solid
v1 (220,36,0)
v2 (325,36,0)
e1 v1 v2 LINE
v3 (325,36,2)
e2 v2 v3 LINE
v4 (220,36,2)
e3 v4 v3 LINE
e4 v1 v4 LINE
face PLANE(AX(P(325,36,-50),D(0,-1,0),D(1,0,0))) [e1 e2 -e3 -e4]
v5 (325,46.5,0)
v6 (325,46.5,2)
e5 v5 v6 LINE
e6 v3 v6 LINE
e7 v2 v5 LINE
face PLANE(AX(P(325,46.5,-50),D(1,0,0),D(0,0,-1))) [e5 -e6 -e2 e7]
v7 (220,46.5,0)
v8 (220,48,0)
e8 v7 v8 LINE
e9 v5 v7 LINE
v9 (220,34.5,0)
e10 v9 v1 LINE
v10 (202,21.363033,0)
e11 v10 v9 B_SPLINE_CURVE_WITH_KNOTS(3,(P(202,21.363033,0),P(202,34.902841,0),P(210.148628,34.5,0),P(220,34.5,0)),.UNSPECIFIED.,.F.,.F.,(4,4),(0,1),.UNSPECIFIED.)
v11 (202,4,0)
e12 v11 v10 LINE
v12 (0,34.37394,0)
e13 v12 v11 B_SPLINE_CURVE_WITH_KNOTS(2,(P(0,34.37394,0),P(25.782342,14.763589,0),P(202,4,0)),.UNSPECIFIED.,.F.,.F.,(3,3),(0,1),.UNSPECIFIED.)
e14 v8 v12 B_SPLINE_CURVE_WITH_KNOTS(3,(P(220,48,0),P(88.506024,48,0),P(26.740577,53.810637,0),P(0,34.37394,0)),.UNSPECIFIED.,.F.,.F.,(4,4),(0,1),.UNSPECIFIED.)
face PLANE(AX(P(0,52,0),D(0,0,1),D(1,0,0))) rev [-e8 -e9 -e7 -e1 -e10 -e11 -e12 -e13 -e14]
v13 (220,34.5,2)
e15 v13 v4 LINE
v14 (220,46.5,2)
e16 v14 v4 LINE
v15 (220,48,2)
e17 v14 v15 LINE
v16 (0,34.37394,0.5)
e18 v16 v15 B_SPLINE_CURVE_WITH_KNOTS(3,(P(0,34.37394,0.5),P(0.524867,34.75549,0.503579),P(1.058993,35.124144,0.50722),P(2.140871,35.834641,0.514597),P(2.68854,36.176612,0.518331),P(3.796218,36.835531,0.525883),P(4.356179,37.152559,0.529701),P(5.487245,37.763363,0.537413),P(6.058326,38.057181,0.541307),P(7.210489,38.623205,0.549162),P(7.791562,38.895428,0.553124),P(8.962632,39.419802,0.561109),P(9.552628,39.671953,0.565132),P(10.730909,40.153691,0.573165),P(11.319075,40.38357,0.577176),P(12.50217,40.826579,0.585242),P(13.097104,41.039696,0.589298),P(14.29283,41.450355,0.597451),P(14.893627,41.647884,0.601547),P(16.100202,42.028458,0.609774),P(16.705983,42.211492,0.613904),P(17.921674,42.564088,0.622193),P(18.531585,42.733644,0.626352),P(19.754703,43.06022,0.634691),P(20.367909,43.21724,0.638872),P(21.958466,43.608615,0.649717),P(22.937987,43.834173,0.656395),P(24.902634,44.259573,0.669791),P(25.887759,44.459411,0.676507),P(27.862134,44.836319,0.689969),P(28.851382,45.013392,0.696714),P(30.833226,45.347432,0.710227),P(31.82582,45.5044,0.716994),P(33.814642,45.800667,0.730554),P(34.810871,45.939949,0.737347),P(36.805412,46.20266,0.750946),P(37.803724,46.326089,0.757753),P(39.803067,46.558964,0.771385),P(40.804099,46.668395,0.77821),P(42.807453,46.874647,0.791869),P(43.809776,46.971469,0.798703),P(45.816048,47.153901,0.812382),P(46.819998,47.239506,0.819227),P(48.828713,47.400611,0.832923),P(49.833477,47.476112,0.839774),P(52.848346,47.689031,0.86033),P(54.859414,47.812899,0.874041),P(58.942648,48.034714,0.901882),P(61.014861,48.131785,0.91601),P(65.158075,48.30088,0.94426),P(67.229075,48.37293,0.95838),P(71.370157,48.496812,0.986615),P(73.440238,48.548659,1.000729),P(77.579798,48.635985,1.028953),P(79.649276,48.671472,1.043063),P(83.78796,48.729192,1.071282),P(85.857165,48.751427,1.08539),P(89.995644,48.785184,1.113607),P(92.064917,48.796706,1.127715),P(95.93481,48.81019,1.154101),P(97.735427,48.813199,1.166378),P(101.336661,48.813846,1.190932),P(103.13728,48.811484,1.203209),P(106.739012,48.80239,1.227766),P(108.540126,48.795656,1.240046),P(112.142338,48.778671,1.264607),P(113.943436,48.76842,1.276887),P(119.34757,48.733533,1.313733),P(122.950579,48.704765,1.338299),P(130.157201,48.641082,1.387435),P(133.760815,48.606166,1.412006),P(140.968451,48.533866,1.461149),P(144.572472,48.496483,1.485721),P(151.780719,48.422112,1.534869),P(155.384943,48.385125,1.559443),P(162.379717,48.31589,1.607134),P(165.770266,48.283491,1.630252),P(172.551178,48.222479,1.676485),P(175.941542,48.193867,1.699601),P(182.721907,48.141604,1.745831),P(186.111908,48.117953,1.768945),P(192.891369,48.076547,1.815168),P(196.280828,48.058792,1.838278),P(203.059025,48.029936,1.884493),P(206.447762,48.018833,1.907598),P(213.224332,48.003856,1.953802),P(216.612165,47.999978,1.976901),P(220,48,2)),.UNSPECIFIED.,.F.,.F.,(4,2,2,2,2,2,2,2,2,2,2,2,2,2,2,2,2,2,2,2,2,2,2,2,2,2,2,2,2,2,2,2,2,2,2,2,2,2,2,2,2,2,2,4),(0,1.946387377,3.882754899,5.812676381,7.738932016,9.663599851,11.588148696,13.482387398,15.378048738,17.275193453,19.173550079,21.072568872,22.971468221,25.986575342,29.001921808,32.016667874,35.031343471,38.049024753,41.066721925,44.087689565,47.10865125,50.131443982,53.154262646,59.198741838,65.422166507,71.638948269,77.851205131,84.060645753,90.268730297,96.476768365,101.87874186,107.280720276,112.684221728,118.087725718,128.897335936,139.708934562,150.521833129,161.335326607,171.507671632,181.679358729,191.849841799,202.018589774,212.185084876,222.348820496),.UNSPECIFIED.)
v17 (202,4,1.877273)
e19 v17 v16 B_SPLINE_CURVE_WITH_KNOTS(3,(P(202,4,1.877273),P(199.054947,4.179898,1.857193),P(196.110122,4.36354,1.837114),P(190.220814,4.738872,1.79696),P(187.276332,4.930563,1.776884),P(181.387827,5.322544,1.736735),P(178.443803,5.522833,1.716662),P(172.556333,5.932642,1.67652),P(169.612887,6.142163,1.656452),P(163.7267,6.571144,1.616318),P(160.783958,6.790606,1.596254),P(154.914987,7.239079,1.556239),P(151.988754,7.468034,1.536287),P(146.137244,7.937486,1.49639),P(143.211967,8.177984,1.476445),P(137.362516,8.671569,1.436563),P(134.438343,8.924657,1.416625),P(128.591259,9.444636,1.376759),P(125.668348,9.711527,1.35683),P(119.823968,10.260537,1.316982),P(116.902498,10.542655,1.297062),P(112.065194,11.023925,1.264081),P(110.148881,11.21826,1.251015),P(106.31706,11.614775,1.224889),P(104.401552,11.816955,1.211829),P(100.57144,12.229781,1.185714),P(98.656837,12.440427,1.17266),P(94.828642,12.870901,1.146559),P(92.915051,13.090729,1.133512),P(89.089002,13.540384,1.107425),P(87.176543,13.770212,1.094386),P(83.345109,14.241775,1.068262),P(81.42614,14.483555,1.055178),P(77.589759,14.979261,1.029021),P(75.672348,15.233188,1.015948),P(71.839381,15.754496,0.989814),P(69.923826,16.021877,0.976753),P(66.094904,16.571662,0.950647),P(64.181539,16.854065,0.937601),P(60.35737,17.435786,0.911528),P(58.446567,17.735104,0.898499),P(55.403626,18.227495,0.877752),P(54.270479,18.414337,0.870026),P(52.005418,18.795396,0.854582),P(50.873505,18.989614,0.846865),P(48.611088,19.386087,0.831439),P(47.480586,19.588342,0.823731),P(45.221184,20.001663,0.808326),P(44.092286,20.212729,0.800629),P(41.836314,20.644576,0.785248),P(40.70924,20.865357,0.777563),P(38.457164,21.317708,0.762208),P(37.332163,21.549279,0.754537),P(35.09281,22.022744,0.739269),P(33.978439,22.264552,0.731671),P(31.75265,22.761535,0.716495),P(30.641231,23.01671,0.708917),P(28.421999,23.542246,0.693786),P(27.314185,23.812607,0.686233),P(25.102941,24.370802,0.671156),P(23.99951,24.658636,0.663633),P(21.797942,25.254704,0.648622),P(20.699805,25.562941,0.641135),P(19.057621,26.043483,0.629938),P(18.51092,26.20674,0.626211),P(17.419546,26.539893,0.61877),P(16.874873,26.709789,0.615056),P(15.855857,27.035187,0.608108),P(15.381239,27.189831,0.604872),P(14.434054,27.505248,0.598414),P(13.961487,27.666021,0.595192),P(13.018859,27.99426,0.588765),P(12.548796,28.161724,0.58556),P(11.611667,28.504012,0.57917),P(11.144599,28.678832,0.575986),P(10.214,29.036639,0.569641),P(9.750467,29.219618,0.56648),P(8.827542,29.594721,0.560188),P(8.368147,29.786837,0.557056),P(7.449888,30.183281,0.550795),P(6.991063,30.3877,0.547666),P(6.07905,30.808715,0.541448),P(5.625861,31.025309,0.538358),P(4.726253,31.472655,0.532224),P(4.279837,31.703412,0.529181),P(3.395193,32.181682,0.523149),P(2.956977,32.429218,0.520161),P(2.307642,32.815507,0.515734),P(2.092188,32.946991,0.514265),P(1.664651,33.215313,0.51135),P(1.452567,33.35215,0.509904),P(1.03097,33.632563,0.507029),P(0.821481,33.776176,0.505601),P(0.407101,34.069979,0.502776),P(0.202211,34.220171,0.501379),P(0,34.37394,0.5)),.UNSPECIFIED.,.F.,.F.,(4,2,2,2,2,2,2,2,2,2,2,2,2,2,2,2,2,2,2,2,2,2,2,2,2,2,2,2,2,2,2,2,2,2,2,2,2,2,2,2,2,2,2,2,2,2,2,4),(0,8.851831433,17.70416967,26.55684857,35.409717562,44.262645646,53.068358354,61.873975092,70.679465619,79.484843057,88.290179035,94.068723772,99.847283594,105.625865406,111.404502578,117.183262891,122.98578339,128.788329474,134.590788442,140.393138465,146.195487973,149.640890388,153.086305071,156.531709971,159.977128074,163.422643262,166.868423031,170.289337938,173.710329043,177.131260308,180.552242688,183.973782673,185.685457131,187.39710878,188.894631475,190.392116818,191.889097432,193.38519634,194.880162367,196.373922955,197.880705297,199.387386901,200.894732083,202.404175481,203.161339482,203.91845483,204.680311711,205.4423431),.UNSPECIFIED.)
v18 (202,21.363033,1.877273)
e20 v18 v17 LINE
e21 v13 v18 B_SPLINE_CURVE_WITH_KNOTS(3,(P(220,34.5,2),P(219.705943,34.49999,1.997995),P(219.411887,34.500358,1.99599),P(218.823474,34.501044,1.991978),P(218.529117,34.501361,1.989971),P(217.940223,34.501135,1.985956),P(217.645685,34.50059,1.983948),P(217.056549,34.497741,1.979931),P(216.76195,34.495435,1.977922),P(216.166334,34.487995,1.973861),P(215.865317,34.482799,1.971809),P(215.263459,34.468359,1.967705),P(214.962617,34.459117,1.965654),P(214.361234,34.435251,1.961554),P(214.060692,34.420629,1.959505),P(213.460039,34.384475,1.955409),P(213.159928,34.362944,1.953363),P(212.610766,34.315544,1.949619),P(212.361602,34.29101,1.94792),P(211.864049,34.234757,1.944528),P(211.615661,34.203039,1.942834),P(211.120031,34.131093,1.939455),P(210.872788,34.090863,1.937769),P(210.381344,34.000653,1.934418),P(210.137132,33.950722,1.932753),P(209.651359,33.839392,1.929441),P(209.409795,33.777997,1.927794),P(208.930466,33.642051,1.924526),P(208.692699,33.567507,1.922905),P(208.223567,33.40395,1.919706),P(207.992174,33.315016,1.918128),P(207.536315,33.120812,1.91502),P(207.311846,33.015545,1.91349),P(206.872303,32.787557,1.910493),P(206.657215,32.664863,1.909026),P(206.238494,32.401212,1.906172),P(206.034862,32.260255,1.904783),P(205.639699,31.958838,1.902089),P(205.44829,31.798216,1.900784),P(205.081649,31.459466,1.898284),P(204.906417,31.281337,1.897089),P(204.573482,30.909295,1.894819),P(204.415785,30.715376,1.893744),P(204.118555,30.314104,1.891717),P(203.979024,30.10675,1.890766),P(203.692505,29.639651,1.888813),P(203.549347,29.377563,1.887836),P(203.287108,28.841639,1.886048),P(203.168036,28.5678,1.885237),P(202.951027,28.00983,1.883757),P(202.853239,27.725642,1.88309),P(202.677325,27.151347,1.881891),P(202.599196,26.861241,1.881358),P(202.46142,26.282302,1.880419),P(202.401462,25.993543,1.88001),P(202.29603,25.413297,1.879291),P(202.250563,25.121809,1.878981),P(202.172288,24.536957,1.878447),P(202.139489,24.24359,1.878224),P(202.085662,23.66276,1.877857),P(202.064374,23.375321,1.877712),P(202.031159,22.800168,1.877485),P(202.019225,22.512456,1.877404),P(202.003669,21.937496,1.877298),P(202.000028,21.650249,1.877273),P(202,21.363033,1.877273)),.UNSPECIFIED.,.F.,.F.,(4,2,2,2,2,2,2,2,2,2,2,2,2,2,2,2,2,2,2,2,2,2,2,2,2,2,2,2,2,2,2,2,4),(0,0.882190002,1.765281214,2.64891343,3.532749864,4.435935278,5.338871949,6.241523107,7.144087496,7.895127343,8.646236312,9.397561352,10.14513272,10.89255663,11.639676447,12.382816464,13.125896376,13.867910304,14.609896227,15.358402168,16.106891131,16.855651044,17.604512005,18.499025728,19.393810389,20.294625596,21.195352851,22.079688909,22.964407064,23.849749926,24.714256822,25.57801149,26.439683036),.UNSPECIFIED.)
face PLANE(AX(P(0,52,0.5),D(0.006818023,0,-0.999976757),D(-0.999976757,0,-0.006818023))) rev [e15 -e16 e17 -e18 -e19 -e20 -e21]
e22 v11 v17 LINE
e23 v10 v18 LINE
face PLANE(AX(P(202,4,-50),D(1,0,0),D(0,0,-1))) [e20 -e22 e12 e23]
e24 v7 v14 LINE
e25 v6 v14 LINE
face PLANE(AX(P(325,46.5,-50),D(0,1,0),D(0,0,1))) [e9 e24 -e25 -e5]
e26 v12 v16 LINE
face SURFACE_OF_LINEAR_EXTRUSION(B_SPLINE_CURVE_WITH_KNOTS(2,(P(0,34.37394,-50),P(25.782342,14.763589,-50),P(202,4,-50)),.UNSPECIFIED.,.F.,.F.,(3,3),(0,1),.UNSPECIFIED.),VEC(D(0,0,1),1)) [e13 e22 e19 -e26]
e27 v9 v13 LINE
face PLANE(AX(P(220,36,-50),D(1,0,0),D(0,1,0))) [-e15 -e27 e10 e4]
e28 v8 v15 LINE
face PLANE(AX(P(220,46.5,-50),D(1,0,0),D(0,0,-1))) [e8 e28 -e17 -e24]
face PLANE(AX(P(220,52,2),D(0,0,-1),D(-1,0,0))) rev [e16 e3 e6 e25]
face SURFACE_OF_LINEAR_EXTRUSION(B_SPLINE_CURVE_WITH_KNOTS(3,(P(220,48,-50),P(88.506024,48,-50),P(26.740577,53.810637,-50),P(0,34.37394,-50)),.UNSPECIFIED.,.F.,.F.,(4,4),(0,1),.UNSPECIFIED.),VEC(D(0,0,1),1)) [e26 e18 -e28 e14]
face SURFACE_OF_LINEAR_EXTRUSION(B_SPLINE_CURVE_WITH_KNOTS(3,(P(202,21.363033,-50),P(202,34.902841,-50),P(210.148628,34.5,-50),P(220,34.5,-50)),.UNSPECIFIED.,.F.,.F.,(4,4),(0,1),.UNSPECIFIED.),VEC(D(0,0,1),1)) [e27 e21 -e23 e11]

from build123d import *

# Parameters (mm, degrees)
BOSS_EXTRU_1_DEPTH      = 52
ESQUISSE4_W             = 351.485824357
ESQUISSE4_H             = 52
ENL_V_MAT_EXTRU_1_DEPTH = 52


with BuildPart() as part:
    # Esquisse3 → Boss.-Extru.1 (new body)
    with BuildSketch(Plane(origin=(0, 0, 0), x_dir=(1, 0, 0), z_dir=(0, 1, 0))):
        Polygon((341.486019825, 0), (0, 0), (-9.995686149, 0), (-9.999804532, -0.431819515), (0, -0.5), (220, -2), (341.486019825, -2), align=None)
    extrude(amount=BOSS_EXTRU_1_DEPTH)

    # Esquisse4 → Enlèv. mat.-Extru.1 (cut)
    with BuildSketch(Plane.XY.offset(2)):
        with Locations((165.743107647, 26)):
            Rectangle(ESQUISSE4_W, ESQUISSE4_H)
        with BuildLine():
            Line((325, 46.5), (325, 36))
            Line((325, 36), (220, 36))
            Line((220, 36), (220, 34.5))
            add(Edge.make_bspline(
                [(220, 34.5), (210.148627769, 34.5), (202, 34.902841403), (202, 21.363033151)],
                knots=[0, 0, 0, 0, 1, 1, 1, 1], degree=3))
            Line((202, 21.363033151), (202, 4))
            add(Edge.make_bspline(
                [(202, 4), (25.782341649, 14.763588637), (0, 34.373939813)],
                knots=[0, 0, 0, 1, 1, 1], degree=2))
            add(Edge.make_bspline(
                [(0, 34.373939813), (26.740576578, 53.810637401), (88.50602407, 48), (220, 48)],
                knots=[0, 0, 0, 0, 1, 1, 1, 1], degree=3))
            Line((220, 48), (220, 46.5))
            Line((220, 46.5), (325, 46.5))
        make_face(mode=Mode.SUBTRACT)
    extrude(amount=-ENL_V_MAT_EXTRU_1_DEPTH, mode=Mode.SUBTRACT)


solid = part.part
